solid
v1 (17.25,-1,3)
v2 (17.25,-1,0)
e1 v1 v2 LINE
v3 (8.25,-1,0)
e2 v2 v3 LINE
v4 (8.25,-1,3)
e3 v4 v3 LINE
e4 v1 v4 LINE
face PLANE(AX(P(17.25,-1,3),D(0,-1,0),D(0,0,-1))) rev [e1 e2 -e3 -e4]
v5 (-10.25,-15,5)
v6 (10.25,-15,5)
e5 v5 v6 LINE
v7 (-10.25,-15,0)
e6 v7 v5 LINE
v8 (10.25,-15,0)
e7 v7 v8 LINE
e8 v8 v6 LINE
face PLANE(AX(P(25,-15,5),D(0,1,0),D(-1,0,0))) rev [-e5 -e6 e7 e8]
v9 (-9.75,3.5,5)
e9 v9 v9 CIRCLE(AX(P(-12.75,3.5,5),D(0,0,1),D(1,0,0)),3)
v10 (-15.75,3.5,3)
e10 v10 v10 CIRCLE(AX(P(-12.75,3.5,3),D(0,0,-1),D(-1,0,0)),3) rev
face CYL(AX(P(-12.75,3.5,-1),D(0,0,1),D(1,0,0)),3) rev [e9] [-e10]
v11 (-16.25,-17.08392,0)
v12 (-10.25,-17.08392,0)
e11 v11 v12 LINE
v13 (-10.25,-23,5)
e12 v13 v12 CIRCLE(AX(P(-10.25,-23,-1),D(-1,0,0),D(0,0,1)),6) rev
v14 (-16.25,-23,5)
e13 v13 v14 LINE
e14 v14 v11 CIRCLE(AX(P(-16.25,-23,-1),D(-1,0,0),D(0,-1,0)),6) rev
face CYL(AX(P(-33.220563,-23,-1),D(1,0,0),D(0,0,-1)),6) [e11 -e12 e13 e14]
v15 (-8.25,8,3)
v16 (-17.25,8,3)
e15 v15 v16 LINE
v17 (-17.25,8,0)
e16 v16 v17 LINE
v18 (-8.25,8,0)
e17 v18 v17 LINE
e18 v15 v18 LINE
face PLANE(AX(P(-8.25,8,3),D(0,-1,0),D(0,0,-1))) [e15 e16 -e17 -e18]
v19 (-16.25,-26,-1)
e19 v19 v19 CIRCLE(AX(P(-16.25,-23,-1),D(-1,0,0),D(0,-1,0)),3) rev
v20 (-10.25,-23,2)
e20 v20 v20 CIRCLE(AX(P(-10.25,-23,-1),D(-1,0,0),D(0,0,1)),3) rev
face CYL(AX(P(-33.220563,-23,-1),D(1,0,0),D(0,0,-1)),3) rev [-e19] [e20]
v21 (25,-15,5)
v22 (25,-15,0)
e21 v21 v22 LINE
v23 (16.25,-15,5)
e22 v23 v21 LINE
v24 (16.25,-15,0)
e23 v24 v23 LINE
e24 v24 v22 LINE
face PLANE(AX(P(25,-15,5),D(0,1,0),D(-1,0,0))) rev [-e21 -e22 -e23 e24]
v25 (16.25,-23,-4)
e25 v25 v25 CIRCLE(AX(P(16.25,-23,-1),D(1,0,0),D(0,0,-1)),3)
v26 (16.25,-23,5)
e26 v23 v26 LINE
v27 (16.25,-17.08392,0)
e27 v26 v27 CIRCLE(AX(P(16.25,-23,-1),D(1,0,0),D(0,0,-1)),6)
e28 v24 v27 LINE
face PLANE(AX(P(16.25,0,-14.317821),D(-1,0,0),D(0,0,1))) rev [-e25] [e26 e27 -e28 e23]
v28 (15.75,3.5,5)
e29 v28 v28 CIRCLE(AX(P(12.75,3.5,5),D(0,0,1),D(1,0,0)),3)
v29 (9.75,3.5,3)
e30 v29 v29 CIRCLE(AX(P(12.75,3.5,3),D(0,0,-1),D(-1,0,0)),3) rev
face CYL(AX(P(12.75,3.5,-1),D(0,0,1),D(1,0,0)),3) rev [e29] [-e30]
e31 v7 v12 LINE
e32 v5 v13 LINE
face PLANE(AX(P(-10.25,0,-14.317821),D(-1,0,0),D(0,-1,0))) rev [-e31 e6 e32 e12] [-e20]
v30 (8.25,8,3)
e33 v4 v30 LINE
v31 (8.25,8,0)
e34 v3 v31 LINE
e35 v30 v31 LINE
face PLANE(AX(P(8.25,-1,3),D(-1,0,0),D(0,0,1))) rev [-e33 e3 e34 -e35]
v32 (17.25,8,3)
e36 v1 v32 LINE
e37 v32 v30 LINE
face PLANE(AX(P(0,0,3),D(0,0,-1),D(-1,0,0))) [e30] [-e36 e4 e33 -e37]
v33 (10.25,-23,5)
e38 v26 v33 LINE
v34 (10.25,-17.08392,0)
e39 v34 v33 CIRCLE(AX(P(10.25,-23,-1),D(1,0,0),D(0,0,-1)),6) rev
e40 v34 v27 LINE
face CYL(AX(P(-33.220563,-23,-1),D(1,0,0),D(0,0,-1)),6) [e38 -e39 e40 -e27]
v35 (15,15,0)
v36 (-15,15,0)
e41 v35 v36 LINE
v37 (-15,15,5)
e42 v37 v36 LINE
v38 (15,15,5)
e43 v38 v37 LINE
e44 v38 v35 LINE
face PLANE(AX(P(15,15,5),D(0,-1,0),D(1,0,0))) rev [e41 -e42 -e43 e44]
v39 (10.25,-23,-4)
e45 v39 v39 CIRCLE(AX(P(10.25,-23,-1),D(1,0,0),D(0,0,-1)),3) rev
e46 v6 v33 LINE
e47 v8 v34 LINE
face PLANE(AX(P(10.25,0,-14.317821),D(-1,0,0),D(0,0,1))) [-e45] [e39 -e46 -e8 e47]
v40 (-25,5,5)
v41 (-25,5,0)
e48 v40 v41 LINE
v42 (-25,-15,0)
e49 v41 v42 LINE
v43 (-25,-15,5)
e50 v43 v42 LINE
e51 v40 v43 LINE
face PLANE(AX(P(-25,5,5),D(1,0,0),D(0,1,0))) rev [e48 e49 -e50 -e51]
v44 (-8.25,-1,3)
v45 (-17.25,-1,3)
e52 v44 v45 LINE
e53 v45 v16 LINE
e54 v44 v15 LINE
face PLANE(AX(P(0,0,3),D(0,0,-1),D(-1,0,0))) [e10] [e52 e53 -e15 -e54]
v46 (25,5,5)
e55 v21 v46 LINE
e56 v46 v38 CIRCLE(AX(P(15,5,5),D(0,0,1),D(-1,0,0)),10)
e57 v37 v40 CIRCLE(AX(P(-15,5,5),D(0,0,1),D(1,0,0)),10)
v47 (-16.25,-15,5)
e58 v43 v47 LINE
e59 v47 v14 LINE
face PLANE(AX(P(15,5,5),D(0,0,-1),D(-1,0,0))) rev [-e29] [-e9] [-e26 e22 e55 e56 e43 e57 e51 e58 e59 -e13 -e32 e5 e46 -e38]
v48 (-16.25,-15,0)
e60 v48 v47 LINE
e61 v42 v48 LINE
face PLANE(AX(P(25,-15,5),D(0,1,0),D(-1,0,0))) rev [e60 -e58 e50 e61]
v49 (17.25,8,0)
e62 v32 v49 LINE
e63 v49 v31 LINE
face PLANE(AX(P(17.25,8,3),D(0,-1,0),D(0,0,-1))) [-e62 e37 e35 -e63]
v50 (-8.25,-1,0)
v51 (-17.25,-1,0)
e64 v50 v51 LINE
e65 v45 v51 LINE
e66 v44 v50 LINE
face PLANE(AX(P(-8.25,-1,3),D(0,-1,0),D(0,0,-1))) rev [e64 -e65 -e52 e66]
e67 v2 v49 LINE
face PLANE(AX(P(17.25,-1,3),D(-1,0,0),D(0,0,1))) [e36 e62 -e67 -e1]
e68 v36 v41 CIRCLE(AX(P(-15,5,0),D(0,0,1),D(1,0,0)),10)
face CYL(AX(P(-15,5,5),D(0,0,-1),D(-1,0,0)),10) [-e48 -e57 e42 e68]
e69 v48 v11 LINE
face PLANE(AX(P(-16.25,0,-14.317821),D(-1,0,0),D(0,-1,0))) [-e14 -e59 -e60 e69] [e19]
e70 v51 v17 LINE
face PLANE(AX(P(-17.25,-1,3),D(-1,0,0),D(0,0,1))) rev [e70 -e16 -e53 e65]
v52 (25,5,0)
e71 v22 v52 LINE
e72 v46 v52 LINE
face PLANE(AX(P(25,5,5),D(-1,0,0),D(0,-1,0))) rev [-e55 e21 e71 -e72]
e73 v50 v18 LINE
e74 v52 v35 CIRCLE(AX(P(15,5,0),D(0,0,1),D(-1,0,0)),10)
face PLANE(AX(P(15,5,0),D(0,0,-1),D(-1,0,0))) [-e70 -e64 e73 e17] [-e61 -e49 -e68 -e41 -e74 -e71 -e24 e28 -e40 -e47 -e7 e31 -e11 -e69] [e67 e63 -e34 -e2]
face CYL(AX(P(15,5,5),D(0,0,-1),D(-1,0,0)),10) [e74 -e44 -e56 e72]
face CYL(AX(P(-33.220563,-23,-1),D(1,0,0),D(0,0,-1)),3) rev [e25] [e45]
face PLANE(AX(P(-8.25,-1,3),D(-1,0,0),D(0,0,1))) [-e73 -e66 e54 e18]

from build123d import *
from build123d.topology import SkipClean

# Parameters (mm, degrees)
SALIENTE_EXTRUIR1_DEPTH    = 5
CROQUIS4_W                 = 6
CROQUIS4_H                 = 13
SALIENTE_EXTRUIR2_DEPTH    = 5
SALIENTE_EXTRUIR3_REACH    = 52.106
CROQUIS6_R                 = 6
CROQUIS6_R_2               = 3
CORTAR_EXTRUIR1_DEPTH      = 51.907391408
CORTAR_EXTRUIR1_DEPTH_BACK = 51.907391408
CORTAR_EXTRUIR2_DEPTH      = 39.923000912
CORTAR_EXTRUIR2_DEPTH_BACK = 39.923000912
CROQUIS8_W                 = 20.5
CROQUIS8_H                 = 15.513520957
CROQUIS9_R                 = 3
CORTAR_EXTRUIR3_DEPTH      = 6
CROQUIS10_W                = 9
CROQUIS10_H                = 9
CORTAR_EXTRUIR4_DEPTH      = 3


with BuildPart() as part:
    # Croquis1 → Saliente-Extruir1 (new body)
    with BuildSketch(Plane.XY):
        with BuildLine():
            Line((15, 15), (-15, 15))
            ThreePointArc((-15, 15), (-22.071067812, 12.071067812), (-25, 5))
            Line((-25, 5), (-25, -15))
            Line((-25, -15), (25, -15))
            Line((25, -15), (25, 5))
            ThreePointArc((25, 5), (22.071067812, 12.071067812), (15, 15))
        make_face()
    extrude(amount=SALIENTE_EXTRUIR1_DEPTH)

    # Croquis4 → Saliente-Extruir2 (add)
    with BuildSketch(Plane.XY.offset(5)):
        with Locations((-13.25, -21.5)):
            Rectangle(CROQUIS4_W, CROQUIS4_H)
        with Locations((13.25, -21.5)):
            Rectangle(CROQUIS4_W, CROQUIS4_H)
    extrude(amount=-SALIENTE_EXTRUIR2_DEPTH)

    # Saliente-Extruir3: up to this face of the body (flat: up to its plane)
    saliente_extruir3_end = Plane(part.part.faces().sort_by_distance((-16.25, -21.5, 2.5))[0])
    # Croquis6 → Saliente-Extruir3 (add, up to the picked face)
    with BuildSketch(Plane(origin=(16.25, 0, 0), x_dir=(0, 0, -1), z_dir=(1, 0, 0)), mode=Mode.PRIVATE) as saliente_extruir3_sk1:
        with Locations(Location((1, -23, 0), (0, 0, 99.594068227))):
            Circle(CROQUIS6_R)
        with Locations(Location((1, -23, 0), (0, 0, 109.471220634))):
            Circle(CROQUIS6_R_2, mode=Mode.SUBTRACT)
    saliente_extruir3_tool1 = split(extrude(saliente_extruir3_sk1.sketch, amount=-SALIENTE_EXTRUIR3_REACH, mode=Mode.PRIVATE), bisect_by=saliente_extruir3_end, keep=Keep.BOTH, mode=Mode.PRIVATE)
    add(saliente_extruir3_tool1.solids().sort_by(Axis((16.25, -28.748748, -1.971716), (-1, 0, 0)))[0])

    # Croquis7 → Cortar-Extruir1 (cut, two sides: drawn at the far end of the back side and taken through both)
    with SkipClean():  # the faces are left unmerged after this step: merging them gives an invalid solid
        with BuildSketch(Plane.ZY.offset(16.25).offset(-CORTAR_EXTRUIR1_DEPTH_BACK)):
            with BuildLine():
                Line((0, -20.171572875), (0, -25.828427125))
                ThreePointArc((0, -25.828427125), (-4, -23), (0, -20.171572875))
            make_face()
            with BuildLine():
                ThreePointArc((0, -25.828427125), (1.449489743, -24.732050808), (2, -23))
                ThreePointArc((2, -23), (1.449489743, -21.267949192), (0, -20.171572875))
                Line((0, -20.171572875), (0, -25.828427125))
            make_face()
            with BuildLine():
                Line((0, -25.828427125), (0, -20.171572875))
                ThreePointArc((0, -20.171572875), (-4, -23), (0, -25.828427125))
            make_face()
            with BuildLine():
                Line((5, -28), (5, -23))
                ThreePointArc((5, -23), (4.286764074, -25.837274331), (2.31662479, -28))
                Line((2.31662479, -28), (5, -28))
            make_face()
        extrude(amount=CORTAR_EXTRUIR1_DEPTH + CORTAR_EXTRUIR1_DEPTH_BACK, mode=Mode.SUBTRACT)

    # Croquis8 → Cortar-Extruir2 (cut, two sides: drawn at the far end of the back side and taken through both)
    with BuildSketch(Plane(origin=(0, 0, 0), x_dir=(-1, 0, 0), z_dir=(0, 0, -1)).offset(-CORTAR_EXTRUIR2_DEPTH_BACK)):
        with Locations((0, -22.756760479)):
            Rectangle(CROQUIS8_W, CROQUIS8_H)
    extrude(amount=CORTAR_EXTRUIR2_DEPTH + CORTAR_EXTRUIR2_DEPTH_BACK, mode=Mode.SUBTRACT)

    # Croquis9 → Cortar-Extruir3 (cut)
    with BuildSketch(Plane.XY.offset(5)):
        with Locations((-12.75, 3.5)):
            Circle(CROQUIS9_R)
        with Locations((12.75, 3.5)):
            Circle(CROQUIS9_R)
    extrude(amount=-CORTAR_EXTRUIR3_DEPTH, mode=Mode.SUBTRACT)

    # Croquis10 → Cortar-Extruir4 (cut)
    with BuildSketch(Plane(origin=(0, 0, 0), x_dir=(-1, 0, 0), z_dir=(0, 0, -1))):
        with Locations((-12.75, 3.5)):
            Rectangle(CROQUIS10_W, CROQUIS10_H)
        with Locations((12.75, 3.5)):
            Rectangle(CROQUIS10_W, CROQUIS10_H)
    extrude(amount=-CORTAR_EXTRUIR4_DEPTH, mode=Mode.SUBTRACT)


solid = part.part
